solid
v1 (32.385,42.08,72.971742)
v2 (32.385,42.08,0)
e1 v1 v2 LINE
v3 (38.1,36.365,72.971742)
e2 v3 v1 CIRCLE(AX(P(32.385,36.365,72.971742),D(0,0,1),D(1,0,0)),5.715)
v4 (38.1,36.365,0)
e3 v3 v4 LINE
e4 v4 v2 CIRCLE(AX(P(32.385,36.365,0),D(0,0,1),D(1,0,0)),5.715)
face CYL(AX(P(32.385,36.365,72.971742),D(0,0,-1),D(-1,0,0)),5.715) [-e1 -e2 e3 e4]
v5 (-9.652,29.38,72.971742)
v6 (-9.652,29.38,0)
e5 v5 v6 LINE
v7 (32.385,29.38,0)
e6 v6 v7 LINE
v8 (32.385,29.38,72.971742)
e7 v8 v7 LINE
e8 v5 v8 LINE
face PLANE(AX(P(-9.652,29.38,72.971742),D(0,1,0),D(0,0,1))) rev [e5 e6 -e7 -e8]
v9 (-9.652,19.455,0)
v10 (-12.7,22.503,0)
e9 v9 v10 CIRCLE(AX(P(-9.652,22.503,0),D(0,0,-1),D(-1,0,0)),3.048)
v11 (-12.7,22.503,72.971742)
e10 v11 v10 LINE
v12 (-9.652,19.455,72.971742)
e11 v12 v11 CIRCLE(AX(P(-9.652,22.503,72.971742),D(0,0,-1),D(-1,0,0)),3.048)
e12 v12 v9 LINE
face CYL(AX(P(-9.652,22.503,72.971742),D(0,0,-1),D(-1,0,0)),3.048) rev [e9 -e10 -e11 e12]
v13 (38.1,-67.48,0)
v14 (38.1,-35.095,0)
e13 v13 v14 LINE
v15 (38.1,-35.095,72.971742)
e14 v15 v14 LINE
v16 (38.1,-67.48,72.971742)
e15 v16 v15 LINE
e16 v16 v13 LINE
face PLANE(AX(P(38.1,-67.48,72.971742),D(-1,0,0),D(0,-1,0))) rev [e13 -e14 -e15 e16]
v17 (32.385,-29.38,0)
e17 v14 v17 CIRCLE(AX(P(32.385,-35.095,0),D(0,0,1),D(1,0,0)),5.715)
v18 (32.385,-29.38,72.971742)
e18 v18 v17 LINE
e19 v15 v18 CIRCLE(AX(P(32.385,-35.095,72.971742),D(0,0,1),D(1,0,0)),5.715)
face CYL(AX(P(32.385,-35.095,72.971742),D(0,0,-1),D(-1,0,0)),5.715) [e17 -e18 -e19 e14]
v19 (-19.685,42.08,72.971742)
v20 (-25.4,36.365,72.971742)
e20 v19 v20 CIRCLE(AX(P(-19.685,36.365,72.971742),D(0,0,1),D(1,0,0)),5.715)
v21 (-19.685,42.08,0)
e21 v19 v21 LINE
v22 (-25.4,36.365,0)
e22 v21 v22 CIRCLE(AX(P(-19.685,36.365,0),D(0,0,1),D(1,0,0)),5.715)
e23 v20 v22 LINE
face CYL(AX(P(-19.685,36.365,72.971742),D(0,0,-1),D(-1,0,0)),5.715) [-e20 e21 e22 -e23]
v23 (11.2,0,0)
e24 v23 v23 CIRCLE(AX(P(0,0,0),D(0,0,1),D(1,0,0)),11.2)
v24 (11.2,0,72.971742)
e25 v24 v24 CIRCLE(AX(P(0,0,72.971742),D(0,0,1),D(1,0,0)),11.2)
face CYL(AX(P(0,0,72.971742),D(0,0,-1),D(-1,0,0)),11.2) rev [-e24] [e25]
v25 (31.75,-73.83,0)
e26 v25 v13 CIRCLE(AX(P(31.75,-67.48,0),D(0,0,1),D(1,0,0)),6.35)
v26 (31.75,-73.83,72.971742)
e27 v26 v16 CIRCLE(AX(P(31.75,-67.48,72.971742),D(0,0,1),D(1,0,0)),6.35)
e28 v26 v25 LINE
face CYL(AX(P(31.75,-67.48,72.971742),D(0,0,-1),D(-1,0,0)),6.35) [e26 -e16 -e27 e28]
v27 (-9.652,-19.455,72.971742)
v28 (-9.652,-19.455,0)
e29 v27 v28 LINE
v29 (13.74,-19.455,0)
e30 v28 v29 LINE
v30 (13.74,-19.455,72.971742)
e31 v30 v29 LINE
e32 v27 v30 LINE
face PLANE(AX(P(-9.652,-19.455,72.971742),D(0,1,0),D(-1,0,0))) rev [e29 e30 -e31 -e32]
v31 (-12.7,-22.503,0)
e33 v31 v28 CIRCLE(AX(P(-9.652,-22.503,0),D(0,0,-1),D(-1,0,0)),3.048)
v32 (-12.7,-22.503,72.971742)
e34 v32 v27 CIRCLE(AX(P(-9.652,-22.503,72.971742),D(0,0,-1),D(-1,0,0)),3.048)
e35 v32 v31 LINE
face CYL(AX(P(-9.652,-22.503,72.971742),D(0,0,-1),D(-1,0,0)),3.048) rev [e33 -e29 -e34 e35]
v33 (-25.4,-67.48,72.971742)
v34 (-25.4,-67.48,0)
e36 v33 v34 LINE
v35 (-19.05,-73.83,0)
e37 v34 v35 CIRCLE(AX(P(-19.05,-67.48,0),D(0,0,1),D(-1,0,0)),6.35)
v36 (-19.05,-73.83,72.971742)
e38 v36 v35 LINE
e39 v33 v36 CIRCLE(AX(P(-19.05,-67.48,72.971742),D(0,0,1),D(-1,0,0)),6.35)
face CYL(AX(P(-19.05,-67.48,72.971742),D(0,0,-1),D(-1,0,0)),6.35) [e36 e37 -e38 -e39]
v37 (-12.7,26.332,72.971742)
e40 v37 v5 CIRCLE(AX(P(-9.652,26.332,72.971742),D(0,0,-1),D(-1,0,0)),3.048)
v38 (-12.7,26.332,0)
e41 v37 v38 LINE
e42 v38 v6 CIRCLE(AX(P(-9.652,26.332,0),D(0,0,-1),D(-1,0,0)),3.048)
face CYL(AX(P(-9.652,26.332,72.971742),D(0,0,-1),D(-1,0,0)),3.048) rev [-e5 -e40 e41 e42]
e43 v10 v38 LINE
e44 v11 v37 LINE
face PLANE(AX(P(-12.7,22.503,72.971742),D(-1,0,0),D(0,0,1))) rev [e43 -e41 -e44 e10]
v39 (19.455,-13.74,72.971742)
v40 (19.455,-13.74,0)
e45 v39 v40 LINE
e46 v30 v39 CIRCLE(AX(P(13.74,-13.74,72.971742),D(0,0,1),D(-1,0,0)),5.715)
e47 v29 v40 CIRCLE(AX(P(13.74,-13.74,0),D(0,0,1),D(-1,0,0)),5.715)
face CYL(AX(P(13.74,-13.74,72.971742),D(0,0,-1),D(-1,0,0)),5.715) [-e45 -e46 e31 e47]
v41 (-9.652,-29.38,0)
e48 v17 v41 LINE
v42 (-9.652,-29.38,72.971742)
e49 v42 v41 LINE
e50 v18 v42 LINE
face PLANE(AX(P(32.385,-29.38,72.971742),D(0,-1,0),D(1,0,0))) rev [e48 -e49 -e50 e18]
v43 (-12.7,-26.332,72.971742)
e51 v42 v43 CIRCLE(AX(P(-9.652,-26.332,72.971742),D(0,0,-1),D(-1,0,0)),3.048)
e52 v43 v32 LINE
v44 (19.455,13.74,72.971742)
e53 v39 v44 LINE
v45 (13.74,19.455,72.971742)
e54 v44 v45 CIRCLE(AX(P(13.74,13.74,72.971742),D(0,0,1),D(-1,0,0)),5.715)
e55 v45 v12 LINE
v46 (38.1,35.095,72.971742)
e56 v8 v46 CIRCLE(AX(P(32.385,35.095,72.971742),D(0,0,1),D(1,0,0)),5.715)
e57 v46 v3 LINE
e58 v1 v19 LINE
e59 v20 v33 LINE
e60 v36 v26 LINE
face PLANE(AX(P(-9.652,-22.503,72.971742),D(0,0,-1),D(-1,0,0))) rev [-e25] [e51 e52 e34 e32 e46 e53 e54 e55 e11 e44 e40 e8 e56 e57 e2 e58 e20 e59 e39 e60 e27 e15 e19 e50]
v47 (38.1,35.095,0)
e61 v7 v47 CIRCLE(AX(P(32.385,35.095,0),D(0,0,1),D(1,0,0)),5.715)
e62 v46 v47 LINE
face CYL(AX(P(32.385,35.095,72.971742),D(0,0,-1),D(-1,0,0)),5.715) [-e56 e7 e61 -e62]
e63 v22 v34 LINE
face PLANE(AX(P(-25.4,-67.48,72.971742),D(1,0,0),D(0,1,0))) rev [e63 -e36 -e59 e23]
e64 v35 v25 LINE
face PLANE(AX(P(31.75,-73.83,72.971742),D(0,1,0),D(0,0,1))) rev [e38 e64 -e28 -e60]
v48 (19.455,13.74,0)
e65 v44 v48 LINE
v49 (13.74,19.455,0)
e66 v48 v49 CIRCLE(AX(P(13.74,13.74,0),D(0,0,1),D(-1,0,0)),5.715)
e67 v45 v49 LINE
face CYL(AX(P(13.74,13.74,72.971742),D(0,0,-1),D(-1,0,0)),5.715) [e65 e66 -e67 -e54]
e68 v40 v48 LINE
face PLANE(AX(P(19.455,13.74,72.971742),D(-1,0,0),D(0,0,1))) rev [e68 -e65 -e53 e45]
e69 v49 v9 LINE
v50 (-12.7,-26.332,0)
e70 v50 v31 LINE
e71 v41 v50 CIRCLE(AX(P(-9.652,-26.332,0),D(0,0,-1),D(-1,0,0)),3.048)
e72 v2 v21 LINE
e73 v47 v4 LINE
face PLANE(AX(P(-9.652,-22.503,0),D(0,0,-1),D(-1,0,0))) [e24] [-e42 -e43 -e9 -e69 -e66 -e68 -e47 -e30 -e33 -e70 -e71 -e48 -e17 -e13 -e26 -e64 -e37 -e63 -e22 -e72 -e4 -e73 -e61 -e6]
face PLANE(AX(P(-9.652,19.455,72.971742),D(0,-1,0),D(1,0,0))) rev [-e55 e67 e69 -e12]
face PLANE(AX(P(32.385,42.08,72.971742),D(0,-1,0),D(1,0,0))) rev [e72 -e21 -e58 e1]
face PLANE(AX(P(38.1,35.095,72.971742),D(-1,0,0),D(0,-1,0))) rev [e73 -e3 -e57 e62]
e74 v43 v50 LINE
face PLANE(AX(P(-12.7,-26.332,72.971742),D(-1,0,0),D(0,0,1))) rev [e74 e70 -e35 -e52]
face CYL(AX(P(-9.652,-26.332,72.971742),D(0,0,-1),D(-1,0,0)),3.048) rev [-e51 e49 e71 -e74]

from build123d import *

# Parameters (mm, degrees)
SKETCH1_R           = 11.2
BOSS_EXTRUDE1_DEPTH = 72.971741788


with BuildPart() as part:
    # Sketch1 → Boss-Extrude1 (new body)
    with BuildSketch(Plane.XY):
        with BuildLine():
            Line((-25.4, -67.479999962), (-25.4, 36.365))
            ThreePointArc((-25.4, 36.365), (-23.726115254, 40.406115254), (-19.685, 42.08))
            Line((-19.685, 42.08), (32.385, 42.08))
            ThreePointArc((32.385, 42.08), (36.426115254, 40.406115254), (38.1, 36.365))
            Line((38.1, 36.365), (38.1, 35.095))
            ThreePointArc((38.1, 35.095), (36.426115254, 31.053884746), (32.385, 29.38))
            Line((32.385, 29.38), (-9.652, 29.38))
            ThreePointArc((-9.652, 29.38), (-11.807261469, 28.487261469), (-12.7, 26.332))
            Line((-12.7, 26.332), (-12.7, 22.503))
            ThreePointArc((-12.7, 22.503), (-11.807261469, 20.347738531), (-9.652, 19.455))
            Line((-9.652, 19.455), (0, 19.455))
            Line((0, 19.455), (13.74, 19.455))
            ThreePointArc((13.74, 19.455), (17.781115254, 17.781115254), (19.455, 13.74))
            Line((19.455, 13.74), (19.455, 0))
            Line((19.455, 0), (19.455, -13.74))
            ThreePointArc((19.455, -13.74), (17.781115254, -17.781115254), (13.74, -19.455))
            Line((13.74, -19.455), (0, -19.455))
            Line((0, -19.455), (-9.652, -19.455))
            ThreePointArc((-9.652, -19.455), (-11.807261469, -20.347738531), (-12.7, -22.503))
            Line((-12.7, -22.503), (-12.7, -26.331999962))
            ThreePointArc((-12.7, -26.331999962), (-11.807261469, -28.487261431), (-9.652, -29.379999962))
            Line((-9.652, -29.379999962), (32.385, -29.379999962))
            ThreePointArc((32.385, -29.379999962), (36.426115254, -31.053884708), (38.1, -35.094999962))
            Line((38.1, -35.094999962), (38.1, -67.479999962))
            ThreePointArc((38.1, -67.479999962), (36.240128061, -71.970128023), (31.75, -73.829999962))
            Line((31.75, -73.829999962), (-19.05, -73.829999962))
            ThreePointArc((-19.05, -73.829999962), (-23.540128061, -71.970128023), (-25.4, -67.479999962))
        make_face()
        Circle(SKETCH1_R, mode=Mode.SUBTRACT)
    extrude(amount=BOSS_EXTRUDE1_DEPTH)


solid = part.part
